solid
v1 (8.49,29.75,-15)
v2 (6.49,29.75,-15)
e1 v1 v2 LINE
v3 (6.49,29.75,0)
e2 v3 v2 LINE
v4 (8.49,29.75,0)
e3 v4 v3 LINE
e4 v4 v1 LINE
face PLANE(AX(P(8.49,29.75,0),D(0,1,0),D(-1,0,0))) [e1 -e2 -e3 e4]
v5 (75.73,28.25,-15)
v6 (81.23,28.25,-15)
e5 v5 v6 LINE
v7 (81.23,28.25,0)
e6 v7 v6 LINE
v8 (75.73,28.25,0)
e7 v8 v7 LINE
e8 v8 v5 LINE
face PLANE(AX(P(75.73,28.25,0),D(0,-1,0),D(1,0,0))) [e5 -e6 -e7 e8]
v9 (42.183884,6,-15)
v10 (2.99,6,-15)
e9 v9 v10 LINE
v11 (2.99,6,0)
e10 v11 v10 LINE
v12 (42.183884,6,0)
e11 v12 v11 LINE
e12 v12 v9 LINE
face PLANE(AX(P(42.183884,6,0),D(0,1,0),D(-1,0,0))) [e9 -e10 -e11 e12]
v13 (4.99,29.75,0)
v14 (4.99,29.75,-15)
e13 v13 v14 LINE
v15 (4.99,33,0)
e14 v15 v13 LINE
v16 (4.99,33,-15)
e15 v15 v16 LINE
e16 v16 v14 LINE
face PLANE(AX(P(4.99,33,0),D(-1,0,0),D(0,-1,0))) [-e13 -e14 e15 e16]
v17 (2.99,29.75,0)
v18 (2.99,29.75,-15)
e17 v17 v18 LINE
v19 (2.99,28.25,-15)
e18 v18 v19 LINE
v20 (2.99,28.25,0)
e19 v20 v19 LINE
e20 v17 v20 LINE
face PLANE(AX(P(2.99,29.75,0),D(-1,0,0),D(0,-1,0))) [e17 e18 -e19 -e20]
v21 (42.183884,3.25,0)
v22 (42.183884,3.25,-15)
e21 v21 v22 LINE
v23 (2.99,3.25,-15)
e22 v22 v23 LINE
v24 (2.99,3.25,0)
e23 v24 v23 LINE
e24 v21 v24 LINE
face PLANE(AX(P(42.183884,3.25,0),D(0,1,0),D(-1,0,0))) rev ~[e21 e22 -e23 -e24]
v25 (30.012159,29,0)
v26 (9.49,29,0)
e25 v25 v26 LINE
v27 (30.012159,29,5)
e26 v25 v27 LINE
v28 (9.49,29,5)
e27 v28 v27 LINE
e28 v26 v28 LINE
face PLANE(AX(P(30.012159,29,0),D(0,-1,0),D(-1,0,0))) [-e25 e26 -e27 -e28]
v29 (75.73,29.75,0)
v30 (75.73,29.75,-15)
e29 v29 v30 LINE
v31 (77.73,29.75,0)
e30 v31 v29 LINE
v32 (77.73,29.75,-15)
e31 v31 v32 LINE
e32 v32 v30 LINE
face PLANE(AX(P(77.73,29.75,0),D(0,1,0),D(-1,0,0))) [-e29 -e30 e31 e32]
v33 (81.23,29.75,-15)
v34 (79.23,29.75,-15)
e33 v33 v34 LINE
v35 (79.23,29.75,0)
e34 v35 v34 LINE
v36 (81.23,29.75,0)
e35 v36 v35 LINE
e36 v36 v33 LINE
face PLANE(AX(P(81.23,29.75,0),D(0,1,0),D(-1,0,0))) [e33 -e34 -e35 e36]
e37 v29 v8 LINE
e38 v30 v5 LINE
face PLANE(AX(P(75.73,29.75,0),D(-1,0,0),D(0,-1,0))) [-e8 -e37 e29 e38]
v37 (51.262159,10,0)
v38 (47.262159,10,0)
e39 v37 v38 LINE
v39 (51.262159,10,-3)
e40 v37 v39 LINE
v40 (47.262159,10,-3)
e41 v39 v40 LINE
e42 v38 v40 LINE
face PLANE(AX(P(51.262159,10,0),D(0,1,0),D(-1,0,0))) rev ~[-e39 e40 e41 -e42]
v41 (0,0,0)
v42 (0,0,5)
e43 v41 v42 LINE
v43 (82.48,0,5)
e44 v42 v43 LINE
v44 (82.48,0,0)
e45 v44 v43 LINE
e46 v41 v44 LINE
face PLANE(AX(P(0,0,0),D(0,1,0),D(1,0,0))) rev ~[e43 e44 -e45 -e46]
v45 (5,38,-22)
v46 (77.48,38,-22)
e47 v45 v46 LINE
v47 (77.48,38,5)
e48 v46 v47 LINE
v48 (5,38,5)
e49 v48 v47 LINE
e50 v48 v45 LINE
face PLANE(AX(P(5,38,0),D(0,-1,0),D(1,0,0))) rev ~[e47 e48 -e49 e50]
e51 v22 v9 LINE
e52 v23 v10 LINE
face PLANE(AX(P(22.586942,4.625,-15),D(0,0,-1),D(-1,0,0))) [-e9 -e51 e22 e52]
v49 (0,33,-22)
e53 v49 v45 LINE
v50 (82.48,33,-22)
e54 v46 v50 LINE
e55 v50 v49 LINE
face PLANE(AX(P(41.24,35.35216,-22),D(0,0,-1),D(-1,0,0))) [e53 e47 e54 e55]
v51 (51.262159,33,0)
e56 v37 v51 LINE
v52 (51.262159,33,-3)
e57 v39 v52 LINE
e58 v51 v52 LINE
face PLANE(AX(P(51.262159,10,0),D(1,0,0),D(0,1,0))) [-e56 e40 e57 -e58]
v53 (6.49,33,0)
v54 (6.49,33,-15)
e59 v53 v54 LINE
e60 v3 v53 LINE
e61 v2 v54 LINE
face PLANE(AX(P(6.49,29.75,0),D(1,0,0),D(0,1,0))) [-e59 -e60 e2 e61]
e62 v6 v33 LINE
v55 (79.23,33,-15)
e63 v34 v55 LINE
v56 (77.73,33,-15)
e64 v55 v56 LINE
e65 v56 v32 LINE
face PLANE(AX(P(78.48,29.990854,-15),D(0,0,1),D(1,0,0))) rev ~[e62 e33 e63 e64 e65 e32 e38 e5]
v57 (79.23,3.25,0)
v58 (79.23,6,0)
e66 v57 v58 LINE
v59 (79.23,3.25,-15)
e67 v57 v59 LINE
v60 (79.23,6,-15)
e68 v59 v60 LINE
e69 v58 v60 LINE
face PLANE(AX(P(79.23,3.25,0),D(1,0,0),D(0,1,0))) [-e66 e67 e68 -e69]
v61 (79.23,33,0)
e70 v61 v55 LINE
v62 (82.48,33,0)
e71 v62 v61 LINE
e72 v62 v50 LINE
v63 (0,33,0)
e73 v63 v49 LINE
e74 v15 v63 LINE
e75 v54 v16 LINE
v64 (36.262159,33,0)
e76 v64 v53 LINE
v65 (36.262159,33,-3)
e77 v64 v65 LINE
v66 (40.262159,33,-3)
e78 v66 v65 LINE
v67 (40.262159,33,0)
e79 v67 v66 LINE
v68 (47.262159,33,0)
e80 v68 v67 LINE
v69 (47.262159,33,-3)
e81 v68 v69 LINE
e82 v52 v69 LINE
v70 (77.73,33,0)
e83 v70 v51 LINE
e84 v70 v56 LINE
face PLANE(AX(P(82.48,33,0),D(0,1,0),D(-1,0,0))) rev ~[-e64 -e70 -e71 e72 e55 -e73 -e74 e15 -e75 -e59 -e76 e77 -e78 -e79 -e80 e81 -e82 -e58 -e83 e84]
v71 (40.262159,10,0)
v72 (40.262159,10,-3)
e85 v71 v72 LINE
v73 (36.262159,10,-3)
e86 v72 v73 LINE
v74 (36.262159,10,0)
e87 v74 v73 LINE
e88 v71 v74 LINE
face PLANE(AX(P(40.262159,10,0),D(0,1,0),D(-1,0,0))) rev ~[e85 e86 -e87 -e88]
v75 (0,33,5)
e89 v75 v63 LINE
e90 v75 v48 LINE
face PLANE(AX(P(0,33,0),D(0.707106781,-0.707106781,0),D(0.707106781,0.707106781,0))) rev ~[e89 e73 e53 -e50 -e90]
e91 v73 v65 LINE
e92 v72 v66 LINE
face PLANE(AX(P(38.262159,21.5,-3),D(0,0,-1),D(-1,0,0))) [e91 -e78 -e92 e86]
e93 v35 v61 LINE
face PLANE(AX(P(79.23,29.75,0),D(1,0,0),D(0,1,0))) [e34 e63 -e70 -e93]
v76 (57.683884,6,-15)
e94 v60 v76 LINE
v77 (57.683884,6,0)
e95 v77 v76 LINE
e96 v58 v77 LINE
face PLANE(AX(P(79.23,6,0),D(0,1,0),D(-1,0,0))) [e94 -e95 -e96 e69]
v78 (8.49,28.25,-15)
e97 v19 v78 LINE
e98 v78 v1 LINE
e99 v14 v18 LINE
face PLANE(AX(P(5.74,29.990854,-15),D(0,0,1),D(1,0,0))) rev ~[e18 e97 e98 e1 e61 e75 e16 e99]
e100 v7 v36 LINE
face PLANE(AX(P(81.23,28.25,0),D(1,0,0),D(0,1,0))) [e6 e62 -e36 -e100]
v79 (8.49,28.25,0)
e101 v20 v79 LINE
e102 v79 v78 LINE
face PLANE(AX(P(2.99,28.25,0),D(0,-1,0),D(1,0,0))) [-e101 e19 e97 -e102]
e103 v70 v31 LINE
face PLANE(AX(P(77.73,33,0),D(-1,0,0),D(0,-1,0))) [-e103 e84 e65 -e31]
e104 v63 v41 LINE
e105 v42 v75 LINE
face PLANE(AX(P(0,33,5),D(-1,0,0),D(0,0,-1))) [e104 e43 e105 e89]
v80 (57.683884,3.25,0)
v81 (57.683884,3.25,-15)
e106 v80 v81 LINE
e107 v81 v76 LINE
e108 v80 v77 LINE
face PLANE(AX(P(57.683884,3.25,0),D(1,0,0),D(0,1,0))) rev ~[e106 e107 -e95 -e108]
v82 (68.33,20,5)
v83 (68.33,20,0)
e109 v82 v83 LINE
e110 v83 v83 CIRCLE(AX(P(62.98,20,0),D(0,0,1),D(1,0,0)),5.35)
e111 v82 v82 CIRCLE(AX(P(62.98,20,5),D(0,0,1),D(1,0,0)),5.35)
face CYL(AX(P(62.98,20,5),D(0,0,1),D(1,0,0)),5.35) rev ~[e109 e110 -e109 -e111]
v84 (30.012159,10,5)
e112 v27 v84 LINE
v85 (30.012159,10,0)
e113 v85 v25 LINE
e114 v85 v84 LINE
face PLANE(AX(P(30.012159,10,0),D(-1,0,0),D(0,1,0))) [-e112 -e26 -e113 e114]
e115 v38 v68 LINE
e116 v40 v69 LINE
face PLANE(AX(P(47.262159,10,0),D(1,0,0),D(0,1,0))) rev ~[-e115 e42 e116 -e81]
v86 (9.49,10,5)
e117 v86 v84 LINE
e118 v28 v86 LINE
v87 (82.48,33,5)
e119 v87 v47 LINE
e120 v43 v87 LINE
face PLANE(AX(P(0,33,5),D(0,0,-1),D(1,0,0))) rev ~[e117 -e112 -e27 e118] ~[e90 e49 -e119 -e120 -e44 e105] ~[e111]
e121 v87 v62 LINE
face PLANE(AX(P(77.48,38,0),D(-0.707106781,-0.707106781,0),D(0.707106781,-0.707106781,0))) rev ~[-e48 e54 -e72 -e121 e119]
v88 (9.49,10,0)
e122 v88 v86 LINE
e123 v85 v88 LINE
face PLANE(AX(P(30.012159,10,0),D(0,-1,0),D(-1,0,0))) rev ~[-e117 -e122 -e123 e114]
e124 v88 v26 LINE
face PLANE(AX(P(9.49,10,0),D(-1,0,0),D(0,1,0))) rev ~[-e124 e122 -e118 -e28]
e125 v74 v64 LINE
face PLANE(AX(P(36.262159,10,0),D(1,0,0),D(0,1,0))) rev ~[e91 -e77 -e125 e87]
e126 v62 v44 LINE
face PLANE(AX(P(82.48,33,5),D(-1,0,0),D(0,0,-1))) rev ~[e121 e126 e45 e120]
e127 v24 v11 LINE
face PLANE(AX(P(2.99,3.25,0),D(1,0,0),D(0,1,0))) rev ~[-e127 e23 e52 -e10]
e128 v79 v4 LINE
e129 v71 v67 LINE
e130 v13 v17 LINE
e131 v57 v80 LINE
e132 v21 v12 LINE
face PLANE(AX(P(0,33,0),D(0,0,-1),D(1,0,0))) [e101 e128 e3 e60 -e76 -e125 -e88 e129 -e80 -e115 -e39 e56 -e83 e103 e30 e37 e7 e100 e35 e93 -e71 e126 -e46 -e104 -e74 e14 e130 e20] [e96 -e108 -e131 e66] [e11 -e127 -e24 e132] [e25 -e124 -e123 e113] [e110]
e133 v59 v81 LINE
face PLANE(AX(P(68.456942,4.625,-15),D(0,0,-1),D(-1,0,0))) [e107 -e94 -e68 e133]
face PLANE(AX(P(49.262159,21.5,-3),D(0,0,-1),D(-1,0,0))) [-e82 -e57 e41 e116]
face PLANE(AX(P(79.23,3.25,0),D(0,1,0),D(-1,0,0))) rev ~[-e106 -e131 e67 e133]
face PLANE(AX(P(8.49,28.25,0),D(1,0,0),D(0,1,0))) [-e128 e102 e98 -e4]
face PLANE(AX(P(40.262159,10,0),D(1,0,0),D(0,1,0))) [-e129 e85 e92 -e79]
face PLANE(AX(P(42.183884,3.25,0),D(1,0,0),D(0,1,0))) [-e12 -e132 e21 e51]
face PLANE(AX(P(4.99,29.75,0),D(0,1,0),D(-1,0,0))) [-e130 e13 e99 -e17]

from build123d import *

# Parameters (mm, degrees)
SKETCH1_W           = 82.48
SKETCH1_H           = 33
BOSS_EXTRUDE1_DEPTH = 5
SKETCH2_W           = 82.48
SKETCH2_H           = 5
BOSS_EXTRUDE2_DEPTH = 5
CHAMFER1_SIZE       = 5
CUT_EXTRUDE1_REACH  = 92.95
SKETCH3_R           = 5.35
BOSS_EXTRUDE3_DEPTH = 22
SKETCH5_W           = 21.546115959
SKETCH5_H           = 2.75
SKETCH5_W_2         = 39.193884041
BOSS_EXTRUDE4_DEPTH = 15
SKETCH6_W           = 4
SKETCH6_H           = 23
BOSS_EXTRUDE5_DEPTH = 3
CUT_EXTRUDE2_REACH  = 95.44
SKETCH7_W           = 20.522158998
SKETCH7_H           = 19


with BuildPart() as part:
    # Sketch1 → Boss-Extrude1 (new body)
    with BuildSketch(Plane.XY):
        with Locations((41.24, 16.5)):
            Rectangle(SKETCH1_W, SKETCH1_H)
    extrude(amount=BOSS_EXTRUDE1_DEPTH)

    # Sketch2 → Boss-Extrude2 (add)
    with BuildSketch(Plane(origin=(0, 33, 0), x_dir=(1, 0, 0), z_dir=(0, 1, 0))):
        with Locations((41.24, -2.5)):
            Rectangle(SKETCH2_W, SKETCH2_H)
    extrude(amount=BOSS_EXTRUDE2_DEPTH)

    # Chamfer1
    chamfer1_edges = [part.edges().sort_by_distance(p)[0] for p in [
        (0, 38, 2.5),
        (82.48, 38, 2.5),
    ]]
    chamfer(chamfer1_edges, length=CHAMFER1_SIZE)

    # Sketch3 → Cut-Extrude1 (cut, up to next)
    with BuildSketch(Plane.XY.offset(5), mode=Mode.PRIVATE) as cut_extrude1_sk1:
        with Locations((62.98, 20)):
            Circle(SKETCH3_R)
    cut_extrude1_tool1 = extrude(cut_extrude1_sk1.sketch, amount=-CUT_EXTRUDE1_REACH, mode=Mode.PRIVATE) & part.part
    add(cut_extrude1_tool1.solids().sort_by_distance((62.98, 20, 5))[0], mode=Mode.SUBTRACT)

    # Sketch4 → Boss-Extrude3 (add)
    with BuildSketch(Plane(origin=(0, 0, 0), x_dir=(-1, 0, 0), z_dir=(0, 0, -1))):
        Polygon((-82.48, 33), (0, 33), (-5, 38), (-77.48, 38), align=None)
    extrude(amount=BOSS_EXTRUDE3_DEPTH)

    # Sketch5 → Boss-Extrude4 (add)
    with BuildSketch(Plane(origin=(0, 0, 0), x_dir=(-1, 0, 0), z_dir=(0, 0, -1))):
        Polygon((-79.23, 33), (-77.73, 33), (-77.73, 29.75), (-75.73, 29.75), (-75.73, 28.25), (-81.23, 28.25), (-81.23, 29.75), (-79.23, 29.75), align=None)
        Polygon((-6.49, 33), (-4.99, 33), (-4.99, 29.75), (-2.99, 29.75), (-2.99, 28.25), (-8.49, 28.25), (-8.49, 29.75), (-6.49, 29.75), align=None)
        with Locations((-68.456942021, 4.625)):
            Rectangle(SKETCH5_W, SKETCH5_H)
        with Locations((-22.586942021, 4.625)):
            Rectangle(SKETCH5_W_2, SKETCH5_H)
    extrude(amount=BOSS_EXTRUDE4_DEPTH)

    # Sketch6 → Boss-Extrude5 (add)
    with BuildSketch(Plane(origin=(0, 0, 0), x_dir=(-1, 0, 0), z_dir=(0, 0, -1))):
        with Locations((-49.262158998, 21.5)):
            Rectangle(SKETCH6_W, SKETCH6_H)
        with Locations((-38.262158998, 21.5)):
            Rectangle(SKETCH6_W, SKETCH6_H)
    extrude(amount=BOSS_EXTRUDE5_DEPTH)

    # Sketch7 → Cut-Extrude2 (cut, up to next)
    with BuildSketch(Plane(origin=(0, 0, 0), x_dir=(-1, 0, 0), z_dir=(0, 0, -1)), mode=Mode.PRIVATE) as cut_extrude2_sk1:
        with Locations((-19.751079499, 19.5)):
            Rectangle(SKETCH7_W, SKETCH7_H)
    cut_extrude2_tool1 = extrude(cut_extrude2_sk1.sketch, amount=-CUT_EXTRUDE2_REACH, mode=Mode.PRIVATE) & part.part
    add(cut_extrude2_tool1.solids().sort_by_distance((19.751079, 19.5, 0))[0], mode=Mode.SUBTRACT)


solid = part.part
